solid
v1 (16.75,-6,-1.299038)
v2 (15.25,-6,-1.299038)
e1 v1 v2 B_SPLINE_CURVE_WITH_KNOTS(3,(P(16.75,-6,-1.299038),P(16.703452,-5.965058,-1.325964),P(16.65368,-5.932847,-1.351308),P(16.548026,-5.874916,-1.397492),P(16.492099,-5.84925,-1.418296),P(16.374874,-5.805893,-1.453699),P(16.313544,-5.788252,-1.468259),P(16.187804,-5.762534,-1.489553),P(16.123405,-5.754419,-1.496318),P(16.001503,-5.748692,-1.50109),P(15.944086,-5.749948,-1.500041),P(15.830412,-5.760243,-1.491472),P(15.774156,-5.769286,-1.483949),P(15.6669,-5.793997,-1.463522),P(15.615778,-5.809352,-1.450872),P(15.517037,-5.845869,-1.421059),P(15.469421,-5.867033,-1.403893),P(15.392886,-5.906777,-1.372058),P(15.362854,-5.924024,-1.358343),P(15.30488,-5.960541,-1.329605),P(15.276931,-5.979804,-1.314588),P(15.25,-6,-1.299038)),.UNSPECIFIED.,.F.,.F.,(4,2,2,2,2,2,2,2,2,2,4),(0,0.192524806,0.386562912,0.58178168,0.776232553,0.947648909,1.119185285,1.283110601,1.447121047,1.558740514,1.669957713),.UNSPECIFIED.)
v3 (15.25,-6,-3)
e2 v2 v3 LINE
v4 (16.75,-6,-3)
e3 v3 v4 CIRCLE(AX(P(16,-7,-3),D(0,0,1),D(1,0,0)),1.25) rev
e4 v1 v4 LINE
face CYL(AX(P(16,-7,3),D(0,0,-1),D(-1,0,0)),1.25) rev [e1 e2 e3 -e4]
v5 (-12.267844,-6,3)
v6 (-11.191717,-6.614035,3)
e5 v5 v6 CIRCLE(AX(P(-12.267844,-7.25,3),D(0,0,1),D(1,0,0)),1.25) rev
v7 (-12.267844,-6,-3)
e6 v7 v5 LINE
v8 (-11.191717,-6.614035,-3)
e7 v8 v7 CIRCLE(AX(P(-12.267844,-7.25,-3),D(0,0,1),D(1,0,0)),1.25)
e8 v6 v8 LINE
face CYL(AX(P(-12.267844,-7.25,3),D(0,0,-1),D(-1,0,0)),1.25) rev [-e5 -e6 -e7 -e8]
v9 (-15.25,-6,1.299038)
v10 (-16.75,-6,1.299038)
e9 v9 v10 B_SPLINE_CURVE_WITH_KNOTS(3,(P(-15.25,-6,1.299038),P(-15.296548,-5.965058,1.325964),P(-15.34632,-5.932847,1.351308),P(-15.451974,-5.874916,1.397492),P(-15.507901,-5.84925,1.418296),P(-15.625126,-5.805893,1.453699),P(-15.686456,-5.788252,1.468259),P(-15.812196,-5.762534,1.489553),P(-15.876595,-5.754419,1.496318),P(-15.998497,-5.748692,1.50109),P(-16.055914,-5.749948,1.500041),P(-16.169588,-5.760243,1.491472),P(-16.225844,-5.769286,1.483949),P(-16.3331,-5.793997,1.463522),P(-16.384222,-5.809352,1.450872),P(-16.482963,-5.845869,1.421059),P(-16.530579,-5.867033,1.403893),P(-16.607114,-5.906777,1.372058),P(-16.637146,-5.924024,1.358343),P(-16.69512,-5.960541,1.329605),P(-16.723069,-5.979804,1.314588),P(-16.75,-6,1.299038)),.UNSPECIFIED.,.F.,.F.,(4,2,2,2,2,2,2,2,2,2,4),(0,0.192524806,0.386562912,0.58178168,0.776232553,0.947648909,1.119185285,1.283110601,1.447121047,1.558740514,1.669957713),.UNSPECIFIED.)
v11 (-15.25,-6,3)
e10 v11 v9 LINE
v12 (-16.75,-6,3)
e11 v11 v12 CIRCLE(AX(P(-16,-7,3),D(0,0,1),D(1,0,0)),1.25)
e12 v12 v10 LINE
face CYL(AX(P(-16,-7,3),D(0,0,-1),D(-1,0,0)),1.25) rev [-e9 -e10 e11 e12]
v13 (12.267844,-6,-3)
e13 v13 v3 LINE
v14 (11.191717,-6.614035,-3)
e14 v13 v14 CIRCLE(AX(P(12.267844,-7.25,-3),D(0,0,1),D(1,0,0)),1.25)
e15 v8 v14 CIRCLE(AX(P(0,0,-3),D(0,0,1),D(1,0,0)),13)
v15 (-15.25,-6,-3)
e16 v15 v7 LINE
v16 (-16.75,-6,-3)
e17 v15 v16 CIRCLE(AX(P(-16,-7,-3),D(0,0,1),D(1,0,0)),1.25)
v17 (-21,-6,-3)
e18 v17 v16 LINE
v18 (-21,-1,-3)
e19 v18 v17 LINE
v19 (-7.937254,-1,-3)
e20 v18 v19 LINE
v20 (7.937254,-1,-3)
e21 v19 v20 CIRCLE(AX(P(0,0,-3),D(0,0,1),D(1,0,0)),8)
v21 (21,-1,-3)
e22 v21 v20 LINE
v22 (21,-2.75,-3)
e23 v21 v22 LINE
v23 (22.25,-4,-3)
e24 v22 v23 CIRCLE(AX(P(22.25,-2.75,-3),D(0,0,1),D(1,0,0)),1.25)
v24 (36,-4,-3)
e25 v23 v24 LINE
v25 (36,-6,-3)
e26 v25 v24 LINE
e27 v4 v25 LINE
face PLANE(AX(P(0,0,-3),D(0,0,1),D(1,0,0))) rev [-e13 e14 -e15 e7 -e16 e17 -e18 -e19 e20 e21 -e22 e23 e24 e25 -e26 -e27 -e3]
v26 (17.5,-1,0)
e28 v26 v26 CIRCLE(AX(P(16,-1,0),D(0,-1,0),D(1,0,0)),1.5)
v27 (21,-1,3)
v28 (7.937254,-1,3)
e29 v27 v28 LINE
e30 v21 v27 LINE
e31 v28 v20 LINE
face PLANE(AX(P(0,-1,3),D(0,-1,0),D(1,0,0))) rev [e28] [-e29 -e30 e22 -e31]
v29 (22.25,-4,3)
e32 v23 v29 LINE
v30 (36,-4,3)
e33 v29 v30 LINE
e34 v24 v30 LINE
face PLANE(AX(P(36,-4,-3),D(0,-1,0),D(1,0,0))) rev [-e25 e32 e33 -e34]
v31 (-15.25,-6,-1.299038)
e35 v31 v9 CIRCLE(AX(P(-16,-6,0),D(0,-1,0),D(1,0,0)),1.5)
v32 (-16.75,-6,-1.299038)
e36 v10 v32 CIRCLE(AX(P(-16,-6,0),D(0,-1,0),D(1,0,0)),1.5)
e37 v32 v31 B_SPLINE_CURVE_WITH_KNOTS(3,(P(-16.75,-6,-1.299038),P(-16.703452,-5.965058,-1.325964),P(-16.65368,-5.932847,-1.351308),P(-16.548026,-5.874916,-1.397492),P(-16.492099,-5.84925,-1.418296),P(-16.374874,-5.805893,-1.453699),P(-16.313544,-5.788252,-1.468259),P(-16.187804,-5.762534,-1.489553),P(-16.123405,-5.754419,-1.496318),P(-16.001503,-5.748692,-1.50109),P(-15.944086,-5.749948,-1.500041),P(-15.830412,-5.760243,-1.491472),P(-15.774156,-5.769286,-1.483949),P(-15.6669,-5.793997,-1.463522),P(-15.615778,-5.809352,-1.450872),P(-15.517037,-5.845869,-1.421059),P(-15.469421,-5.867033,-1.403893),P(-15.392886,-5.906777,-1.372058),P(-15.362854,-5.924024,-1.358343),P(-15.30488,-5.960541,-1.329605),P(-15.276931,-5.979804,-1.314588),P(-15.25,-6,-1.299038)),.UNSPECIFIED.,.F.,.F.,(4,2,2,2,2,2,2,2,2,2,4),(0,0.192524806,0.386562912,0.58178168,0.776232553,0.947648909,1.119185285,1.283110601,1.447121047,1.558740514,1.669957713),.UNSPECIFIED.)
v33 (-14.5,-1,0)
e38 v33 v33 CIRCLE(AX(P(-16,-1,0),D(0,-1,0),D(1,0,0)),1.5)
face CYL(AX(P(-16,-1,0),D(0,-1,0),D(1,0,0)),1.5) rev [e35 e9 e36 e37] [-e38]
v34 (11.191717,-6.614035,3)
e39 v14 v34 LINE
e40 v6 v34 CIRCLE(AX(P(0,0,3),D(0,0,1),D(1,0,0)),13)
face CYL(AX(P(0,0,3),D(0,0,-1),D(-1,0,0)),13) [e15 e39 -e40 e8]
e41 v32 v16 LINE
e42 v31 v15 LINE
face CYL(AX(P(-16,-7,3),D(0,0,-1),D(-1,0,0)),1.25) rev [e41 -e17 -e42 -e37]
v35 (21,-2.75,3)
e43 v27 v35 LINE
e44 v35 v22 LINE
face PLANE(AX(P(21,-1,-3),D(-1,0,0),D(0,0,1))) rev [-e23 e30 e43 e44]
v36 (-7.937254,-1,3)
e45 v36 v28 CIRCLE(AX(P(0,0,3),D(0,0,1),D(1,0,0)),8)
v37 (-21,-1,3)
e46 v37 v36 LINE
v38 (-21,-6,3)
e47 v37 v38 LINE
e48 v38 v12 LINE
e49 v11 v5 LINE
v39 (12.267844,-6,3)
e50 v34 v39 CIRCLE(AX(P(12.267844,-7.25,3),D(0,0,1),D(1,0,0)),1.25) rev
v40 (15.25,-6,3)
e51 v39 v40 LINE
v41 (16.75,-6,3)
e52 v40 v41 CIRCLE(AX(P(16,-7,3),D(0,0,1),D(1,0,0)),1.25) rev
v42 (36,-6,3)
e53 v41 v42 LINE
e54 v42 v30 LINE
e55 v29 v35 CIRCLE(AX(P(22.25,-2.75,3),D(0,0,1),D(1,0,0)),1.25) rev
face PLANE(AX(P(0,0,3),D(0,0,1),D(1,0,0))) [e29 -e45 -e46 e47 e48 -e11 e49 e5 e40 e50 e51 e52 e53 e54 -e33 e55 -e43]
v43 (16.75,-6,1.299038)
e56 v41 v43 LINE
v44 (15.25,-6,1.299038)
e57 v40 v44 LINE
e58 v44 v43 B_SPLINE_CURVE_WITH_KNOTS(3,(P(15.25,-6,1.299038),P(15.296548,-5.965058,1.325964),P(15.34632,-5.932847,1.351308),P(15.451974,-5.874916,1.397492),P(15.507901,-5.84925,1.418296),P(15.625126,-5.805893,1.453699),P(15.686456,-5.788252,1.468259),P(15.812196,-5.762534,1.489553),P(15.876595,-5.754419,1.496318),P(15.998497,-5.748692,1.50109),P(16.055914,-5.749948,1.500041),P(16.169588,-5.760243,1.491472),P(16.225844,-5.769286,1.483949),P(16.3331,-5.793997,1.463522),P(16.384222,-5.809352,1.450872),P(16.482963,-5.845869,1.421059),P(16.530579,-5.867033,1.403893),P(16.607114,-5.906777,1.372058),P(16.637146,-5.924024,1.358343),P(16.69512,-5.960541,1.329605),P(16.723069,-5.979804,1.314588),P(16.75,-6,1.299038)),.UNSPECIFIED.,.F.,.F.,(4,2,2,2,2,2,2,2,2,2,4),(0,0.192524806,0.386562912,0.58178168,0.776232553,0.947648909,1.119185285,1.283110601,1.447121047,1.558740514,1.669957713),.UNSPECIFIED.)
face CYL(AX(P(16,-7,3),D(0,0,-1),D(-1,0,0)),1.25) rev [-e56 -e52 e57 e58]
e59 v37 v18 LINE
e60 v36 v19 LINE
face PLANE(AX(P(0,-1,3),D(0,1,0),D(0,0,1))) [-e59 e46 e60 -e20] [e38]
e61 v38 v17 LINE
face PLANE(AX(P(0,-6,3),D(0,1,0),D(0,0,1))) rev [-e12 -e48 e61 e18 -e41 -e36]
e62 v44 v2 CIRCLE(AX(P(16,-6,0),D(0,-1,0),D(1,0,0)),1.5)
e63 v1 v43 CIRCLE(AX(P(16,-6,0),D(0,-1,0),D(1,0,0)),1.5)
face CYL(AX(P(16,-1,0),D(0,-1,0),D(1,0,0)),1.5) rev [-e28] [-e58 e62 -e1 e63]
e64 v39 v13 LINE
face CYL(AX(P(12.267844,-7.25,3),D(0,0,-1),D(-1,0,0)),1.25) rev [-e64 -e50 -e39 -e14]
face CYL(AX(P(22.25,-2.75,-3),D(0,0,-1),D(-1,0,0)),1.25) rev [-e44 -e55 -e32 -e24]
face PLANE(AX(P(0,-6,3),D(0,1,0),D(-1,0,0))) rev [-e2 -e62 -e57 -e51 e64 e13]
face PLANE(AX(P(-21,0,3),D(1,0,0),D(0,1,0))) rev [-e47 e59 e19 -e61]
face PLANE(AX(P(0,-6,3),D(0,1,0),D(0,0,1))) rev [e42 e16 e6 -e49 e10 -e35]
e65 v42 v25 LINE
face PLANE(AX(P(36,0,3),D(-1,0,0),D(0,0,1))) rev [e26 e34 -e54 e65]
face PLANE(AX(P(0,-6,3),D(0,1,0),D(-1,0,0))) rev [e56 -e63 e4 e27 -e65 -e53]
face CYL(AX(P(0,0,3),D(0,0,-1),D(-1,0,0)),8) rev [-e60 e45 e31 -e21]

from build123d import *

# Parameters (mm, degrees)
EXTRUDE_1_DEPTH     = 3
SKETCH_3_R          = 1.5
CUT_EXTRUDE_1_DEPTH = 37.796738986
SKETCH_4_W          = 15
SKETCH_4_H          = 3
CUT_EXTRUDE_2_DEPTH = 39.742741271
FILLET_1_R          = 1.25


with BuildPart() as part:
    # ｽｹｯﾁ1 → ﾎﾞｽ - 押し出し1 (new, symmetric)
    with BuildSketch(Plane.XY):
        with BuildLine():
            Line((-15.25, -6), (-11.532562595, -6))
            ThreePointArc((-11.532562595, -6), (0, -13), (11.532562595, -6))
            Line((11.532562595, -6), (15.25, -6))
            ThreePointArc((15.25, -6), (16, -5.75), (16.75, -6))
            Line((16.75, -6), (36, -6))
            Line((36, -6), (36, -1))
            Line((36, -1), (7.937253933, -1))
            ThreePointArc((7.937253933, -1), (0, -8), (-7.937253933, -1))
            Line((-7.937253933, -1), (-21, -1))
            Line((-21, -1), (-21, -6))
            Line((-21, -6), (-16.75, -6))
            ThreePointArc((-16.75, -6), (-16, -5.75), (-15.25, -6))
        make_face()
    extrude(amount=EXTRUDE_1_DEPTH, both=True)

    # ｽｹｯﾁ3 → ｶｯﾄ - 押し出し1 (cut, through all)
    with BuildSketch(Plane.XZ.offset(6)):
        with Locations((-16, 0)):
            Circle(SKETCH_3_R)
        with Locations((16, 0)):
            Circle(SKETCH_3_R)
    extrude(amount=-CUT_EXTRUDE_1_DEPTH, mode=Mode.SUBTRACT)

    # ｽｹｯﾁ4 → ｶｯﾄ - 押し出し2 (cut, through all)
    with BuildSketch(Plane.XY.offset(3)):
        with Locations((28.5, -2.5)):
            Rectangle(SKETCH_4_W, SKETCH_4_H)
    extrude(amount=-CUT_EXTRUDE_2_DEPTH, mode=Mode.SUBTRACT)

    # ﾌｨﾚｯﾄ1
    fillet_1_edges = [part.edges().sort_by_distance(p)[0] for p in [
        (11.532562595, -6, 0),
        (-11.532562595, -6, 0),
        (21, -4, 0),
    ]]
    fillet(fillet_1_edges, radius=FILLET_1_R)


solid = part.part
